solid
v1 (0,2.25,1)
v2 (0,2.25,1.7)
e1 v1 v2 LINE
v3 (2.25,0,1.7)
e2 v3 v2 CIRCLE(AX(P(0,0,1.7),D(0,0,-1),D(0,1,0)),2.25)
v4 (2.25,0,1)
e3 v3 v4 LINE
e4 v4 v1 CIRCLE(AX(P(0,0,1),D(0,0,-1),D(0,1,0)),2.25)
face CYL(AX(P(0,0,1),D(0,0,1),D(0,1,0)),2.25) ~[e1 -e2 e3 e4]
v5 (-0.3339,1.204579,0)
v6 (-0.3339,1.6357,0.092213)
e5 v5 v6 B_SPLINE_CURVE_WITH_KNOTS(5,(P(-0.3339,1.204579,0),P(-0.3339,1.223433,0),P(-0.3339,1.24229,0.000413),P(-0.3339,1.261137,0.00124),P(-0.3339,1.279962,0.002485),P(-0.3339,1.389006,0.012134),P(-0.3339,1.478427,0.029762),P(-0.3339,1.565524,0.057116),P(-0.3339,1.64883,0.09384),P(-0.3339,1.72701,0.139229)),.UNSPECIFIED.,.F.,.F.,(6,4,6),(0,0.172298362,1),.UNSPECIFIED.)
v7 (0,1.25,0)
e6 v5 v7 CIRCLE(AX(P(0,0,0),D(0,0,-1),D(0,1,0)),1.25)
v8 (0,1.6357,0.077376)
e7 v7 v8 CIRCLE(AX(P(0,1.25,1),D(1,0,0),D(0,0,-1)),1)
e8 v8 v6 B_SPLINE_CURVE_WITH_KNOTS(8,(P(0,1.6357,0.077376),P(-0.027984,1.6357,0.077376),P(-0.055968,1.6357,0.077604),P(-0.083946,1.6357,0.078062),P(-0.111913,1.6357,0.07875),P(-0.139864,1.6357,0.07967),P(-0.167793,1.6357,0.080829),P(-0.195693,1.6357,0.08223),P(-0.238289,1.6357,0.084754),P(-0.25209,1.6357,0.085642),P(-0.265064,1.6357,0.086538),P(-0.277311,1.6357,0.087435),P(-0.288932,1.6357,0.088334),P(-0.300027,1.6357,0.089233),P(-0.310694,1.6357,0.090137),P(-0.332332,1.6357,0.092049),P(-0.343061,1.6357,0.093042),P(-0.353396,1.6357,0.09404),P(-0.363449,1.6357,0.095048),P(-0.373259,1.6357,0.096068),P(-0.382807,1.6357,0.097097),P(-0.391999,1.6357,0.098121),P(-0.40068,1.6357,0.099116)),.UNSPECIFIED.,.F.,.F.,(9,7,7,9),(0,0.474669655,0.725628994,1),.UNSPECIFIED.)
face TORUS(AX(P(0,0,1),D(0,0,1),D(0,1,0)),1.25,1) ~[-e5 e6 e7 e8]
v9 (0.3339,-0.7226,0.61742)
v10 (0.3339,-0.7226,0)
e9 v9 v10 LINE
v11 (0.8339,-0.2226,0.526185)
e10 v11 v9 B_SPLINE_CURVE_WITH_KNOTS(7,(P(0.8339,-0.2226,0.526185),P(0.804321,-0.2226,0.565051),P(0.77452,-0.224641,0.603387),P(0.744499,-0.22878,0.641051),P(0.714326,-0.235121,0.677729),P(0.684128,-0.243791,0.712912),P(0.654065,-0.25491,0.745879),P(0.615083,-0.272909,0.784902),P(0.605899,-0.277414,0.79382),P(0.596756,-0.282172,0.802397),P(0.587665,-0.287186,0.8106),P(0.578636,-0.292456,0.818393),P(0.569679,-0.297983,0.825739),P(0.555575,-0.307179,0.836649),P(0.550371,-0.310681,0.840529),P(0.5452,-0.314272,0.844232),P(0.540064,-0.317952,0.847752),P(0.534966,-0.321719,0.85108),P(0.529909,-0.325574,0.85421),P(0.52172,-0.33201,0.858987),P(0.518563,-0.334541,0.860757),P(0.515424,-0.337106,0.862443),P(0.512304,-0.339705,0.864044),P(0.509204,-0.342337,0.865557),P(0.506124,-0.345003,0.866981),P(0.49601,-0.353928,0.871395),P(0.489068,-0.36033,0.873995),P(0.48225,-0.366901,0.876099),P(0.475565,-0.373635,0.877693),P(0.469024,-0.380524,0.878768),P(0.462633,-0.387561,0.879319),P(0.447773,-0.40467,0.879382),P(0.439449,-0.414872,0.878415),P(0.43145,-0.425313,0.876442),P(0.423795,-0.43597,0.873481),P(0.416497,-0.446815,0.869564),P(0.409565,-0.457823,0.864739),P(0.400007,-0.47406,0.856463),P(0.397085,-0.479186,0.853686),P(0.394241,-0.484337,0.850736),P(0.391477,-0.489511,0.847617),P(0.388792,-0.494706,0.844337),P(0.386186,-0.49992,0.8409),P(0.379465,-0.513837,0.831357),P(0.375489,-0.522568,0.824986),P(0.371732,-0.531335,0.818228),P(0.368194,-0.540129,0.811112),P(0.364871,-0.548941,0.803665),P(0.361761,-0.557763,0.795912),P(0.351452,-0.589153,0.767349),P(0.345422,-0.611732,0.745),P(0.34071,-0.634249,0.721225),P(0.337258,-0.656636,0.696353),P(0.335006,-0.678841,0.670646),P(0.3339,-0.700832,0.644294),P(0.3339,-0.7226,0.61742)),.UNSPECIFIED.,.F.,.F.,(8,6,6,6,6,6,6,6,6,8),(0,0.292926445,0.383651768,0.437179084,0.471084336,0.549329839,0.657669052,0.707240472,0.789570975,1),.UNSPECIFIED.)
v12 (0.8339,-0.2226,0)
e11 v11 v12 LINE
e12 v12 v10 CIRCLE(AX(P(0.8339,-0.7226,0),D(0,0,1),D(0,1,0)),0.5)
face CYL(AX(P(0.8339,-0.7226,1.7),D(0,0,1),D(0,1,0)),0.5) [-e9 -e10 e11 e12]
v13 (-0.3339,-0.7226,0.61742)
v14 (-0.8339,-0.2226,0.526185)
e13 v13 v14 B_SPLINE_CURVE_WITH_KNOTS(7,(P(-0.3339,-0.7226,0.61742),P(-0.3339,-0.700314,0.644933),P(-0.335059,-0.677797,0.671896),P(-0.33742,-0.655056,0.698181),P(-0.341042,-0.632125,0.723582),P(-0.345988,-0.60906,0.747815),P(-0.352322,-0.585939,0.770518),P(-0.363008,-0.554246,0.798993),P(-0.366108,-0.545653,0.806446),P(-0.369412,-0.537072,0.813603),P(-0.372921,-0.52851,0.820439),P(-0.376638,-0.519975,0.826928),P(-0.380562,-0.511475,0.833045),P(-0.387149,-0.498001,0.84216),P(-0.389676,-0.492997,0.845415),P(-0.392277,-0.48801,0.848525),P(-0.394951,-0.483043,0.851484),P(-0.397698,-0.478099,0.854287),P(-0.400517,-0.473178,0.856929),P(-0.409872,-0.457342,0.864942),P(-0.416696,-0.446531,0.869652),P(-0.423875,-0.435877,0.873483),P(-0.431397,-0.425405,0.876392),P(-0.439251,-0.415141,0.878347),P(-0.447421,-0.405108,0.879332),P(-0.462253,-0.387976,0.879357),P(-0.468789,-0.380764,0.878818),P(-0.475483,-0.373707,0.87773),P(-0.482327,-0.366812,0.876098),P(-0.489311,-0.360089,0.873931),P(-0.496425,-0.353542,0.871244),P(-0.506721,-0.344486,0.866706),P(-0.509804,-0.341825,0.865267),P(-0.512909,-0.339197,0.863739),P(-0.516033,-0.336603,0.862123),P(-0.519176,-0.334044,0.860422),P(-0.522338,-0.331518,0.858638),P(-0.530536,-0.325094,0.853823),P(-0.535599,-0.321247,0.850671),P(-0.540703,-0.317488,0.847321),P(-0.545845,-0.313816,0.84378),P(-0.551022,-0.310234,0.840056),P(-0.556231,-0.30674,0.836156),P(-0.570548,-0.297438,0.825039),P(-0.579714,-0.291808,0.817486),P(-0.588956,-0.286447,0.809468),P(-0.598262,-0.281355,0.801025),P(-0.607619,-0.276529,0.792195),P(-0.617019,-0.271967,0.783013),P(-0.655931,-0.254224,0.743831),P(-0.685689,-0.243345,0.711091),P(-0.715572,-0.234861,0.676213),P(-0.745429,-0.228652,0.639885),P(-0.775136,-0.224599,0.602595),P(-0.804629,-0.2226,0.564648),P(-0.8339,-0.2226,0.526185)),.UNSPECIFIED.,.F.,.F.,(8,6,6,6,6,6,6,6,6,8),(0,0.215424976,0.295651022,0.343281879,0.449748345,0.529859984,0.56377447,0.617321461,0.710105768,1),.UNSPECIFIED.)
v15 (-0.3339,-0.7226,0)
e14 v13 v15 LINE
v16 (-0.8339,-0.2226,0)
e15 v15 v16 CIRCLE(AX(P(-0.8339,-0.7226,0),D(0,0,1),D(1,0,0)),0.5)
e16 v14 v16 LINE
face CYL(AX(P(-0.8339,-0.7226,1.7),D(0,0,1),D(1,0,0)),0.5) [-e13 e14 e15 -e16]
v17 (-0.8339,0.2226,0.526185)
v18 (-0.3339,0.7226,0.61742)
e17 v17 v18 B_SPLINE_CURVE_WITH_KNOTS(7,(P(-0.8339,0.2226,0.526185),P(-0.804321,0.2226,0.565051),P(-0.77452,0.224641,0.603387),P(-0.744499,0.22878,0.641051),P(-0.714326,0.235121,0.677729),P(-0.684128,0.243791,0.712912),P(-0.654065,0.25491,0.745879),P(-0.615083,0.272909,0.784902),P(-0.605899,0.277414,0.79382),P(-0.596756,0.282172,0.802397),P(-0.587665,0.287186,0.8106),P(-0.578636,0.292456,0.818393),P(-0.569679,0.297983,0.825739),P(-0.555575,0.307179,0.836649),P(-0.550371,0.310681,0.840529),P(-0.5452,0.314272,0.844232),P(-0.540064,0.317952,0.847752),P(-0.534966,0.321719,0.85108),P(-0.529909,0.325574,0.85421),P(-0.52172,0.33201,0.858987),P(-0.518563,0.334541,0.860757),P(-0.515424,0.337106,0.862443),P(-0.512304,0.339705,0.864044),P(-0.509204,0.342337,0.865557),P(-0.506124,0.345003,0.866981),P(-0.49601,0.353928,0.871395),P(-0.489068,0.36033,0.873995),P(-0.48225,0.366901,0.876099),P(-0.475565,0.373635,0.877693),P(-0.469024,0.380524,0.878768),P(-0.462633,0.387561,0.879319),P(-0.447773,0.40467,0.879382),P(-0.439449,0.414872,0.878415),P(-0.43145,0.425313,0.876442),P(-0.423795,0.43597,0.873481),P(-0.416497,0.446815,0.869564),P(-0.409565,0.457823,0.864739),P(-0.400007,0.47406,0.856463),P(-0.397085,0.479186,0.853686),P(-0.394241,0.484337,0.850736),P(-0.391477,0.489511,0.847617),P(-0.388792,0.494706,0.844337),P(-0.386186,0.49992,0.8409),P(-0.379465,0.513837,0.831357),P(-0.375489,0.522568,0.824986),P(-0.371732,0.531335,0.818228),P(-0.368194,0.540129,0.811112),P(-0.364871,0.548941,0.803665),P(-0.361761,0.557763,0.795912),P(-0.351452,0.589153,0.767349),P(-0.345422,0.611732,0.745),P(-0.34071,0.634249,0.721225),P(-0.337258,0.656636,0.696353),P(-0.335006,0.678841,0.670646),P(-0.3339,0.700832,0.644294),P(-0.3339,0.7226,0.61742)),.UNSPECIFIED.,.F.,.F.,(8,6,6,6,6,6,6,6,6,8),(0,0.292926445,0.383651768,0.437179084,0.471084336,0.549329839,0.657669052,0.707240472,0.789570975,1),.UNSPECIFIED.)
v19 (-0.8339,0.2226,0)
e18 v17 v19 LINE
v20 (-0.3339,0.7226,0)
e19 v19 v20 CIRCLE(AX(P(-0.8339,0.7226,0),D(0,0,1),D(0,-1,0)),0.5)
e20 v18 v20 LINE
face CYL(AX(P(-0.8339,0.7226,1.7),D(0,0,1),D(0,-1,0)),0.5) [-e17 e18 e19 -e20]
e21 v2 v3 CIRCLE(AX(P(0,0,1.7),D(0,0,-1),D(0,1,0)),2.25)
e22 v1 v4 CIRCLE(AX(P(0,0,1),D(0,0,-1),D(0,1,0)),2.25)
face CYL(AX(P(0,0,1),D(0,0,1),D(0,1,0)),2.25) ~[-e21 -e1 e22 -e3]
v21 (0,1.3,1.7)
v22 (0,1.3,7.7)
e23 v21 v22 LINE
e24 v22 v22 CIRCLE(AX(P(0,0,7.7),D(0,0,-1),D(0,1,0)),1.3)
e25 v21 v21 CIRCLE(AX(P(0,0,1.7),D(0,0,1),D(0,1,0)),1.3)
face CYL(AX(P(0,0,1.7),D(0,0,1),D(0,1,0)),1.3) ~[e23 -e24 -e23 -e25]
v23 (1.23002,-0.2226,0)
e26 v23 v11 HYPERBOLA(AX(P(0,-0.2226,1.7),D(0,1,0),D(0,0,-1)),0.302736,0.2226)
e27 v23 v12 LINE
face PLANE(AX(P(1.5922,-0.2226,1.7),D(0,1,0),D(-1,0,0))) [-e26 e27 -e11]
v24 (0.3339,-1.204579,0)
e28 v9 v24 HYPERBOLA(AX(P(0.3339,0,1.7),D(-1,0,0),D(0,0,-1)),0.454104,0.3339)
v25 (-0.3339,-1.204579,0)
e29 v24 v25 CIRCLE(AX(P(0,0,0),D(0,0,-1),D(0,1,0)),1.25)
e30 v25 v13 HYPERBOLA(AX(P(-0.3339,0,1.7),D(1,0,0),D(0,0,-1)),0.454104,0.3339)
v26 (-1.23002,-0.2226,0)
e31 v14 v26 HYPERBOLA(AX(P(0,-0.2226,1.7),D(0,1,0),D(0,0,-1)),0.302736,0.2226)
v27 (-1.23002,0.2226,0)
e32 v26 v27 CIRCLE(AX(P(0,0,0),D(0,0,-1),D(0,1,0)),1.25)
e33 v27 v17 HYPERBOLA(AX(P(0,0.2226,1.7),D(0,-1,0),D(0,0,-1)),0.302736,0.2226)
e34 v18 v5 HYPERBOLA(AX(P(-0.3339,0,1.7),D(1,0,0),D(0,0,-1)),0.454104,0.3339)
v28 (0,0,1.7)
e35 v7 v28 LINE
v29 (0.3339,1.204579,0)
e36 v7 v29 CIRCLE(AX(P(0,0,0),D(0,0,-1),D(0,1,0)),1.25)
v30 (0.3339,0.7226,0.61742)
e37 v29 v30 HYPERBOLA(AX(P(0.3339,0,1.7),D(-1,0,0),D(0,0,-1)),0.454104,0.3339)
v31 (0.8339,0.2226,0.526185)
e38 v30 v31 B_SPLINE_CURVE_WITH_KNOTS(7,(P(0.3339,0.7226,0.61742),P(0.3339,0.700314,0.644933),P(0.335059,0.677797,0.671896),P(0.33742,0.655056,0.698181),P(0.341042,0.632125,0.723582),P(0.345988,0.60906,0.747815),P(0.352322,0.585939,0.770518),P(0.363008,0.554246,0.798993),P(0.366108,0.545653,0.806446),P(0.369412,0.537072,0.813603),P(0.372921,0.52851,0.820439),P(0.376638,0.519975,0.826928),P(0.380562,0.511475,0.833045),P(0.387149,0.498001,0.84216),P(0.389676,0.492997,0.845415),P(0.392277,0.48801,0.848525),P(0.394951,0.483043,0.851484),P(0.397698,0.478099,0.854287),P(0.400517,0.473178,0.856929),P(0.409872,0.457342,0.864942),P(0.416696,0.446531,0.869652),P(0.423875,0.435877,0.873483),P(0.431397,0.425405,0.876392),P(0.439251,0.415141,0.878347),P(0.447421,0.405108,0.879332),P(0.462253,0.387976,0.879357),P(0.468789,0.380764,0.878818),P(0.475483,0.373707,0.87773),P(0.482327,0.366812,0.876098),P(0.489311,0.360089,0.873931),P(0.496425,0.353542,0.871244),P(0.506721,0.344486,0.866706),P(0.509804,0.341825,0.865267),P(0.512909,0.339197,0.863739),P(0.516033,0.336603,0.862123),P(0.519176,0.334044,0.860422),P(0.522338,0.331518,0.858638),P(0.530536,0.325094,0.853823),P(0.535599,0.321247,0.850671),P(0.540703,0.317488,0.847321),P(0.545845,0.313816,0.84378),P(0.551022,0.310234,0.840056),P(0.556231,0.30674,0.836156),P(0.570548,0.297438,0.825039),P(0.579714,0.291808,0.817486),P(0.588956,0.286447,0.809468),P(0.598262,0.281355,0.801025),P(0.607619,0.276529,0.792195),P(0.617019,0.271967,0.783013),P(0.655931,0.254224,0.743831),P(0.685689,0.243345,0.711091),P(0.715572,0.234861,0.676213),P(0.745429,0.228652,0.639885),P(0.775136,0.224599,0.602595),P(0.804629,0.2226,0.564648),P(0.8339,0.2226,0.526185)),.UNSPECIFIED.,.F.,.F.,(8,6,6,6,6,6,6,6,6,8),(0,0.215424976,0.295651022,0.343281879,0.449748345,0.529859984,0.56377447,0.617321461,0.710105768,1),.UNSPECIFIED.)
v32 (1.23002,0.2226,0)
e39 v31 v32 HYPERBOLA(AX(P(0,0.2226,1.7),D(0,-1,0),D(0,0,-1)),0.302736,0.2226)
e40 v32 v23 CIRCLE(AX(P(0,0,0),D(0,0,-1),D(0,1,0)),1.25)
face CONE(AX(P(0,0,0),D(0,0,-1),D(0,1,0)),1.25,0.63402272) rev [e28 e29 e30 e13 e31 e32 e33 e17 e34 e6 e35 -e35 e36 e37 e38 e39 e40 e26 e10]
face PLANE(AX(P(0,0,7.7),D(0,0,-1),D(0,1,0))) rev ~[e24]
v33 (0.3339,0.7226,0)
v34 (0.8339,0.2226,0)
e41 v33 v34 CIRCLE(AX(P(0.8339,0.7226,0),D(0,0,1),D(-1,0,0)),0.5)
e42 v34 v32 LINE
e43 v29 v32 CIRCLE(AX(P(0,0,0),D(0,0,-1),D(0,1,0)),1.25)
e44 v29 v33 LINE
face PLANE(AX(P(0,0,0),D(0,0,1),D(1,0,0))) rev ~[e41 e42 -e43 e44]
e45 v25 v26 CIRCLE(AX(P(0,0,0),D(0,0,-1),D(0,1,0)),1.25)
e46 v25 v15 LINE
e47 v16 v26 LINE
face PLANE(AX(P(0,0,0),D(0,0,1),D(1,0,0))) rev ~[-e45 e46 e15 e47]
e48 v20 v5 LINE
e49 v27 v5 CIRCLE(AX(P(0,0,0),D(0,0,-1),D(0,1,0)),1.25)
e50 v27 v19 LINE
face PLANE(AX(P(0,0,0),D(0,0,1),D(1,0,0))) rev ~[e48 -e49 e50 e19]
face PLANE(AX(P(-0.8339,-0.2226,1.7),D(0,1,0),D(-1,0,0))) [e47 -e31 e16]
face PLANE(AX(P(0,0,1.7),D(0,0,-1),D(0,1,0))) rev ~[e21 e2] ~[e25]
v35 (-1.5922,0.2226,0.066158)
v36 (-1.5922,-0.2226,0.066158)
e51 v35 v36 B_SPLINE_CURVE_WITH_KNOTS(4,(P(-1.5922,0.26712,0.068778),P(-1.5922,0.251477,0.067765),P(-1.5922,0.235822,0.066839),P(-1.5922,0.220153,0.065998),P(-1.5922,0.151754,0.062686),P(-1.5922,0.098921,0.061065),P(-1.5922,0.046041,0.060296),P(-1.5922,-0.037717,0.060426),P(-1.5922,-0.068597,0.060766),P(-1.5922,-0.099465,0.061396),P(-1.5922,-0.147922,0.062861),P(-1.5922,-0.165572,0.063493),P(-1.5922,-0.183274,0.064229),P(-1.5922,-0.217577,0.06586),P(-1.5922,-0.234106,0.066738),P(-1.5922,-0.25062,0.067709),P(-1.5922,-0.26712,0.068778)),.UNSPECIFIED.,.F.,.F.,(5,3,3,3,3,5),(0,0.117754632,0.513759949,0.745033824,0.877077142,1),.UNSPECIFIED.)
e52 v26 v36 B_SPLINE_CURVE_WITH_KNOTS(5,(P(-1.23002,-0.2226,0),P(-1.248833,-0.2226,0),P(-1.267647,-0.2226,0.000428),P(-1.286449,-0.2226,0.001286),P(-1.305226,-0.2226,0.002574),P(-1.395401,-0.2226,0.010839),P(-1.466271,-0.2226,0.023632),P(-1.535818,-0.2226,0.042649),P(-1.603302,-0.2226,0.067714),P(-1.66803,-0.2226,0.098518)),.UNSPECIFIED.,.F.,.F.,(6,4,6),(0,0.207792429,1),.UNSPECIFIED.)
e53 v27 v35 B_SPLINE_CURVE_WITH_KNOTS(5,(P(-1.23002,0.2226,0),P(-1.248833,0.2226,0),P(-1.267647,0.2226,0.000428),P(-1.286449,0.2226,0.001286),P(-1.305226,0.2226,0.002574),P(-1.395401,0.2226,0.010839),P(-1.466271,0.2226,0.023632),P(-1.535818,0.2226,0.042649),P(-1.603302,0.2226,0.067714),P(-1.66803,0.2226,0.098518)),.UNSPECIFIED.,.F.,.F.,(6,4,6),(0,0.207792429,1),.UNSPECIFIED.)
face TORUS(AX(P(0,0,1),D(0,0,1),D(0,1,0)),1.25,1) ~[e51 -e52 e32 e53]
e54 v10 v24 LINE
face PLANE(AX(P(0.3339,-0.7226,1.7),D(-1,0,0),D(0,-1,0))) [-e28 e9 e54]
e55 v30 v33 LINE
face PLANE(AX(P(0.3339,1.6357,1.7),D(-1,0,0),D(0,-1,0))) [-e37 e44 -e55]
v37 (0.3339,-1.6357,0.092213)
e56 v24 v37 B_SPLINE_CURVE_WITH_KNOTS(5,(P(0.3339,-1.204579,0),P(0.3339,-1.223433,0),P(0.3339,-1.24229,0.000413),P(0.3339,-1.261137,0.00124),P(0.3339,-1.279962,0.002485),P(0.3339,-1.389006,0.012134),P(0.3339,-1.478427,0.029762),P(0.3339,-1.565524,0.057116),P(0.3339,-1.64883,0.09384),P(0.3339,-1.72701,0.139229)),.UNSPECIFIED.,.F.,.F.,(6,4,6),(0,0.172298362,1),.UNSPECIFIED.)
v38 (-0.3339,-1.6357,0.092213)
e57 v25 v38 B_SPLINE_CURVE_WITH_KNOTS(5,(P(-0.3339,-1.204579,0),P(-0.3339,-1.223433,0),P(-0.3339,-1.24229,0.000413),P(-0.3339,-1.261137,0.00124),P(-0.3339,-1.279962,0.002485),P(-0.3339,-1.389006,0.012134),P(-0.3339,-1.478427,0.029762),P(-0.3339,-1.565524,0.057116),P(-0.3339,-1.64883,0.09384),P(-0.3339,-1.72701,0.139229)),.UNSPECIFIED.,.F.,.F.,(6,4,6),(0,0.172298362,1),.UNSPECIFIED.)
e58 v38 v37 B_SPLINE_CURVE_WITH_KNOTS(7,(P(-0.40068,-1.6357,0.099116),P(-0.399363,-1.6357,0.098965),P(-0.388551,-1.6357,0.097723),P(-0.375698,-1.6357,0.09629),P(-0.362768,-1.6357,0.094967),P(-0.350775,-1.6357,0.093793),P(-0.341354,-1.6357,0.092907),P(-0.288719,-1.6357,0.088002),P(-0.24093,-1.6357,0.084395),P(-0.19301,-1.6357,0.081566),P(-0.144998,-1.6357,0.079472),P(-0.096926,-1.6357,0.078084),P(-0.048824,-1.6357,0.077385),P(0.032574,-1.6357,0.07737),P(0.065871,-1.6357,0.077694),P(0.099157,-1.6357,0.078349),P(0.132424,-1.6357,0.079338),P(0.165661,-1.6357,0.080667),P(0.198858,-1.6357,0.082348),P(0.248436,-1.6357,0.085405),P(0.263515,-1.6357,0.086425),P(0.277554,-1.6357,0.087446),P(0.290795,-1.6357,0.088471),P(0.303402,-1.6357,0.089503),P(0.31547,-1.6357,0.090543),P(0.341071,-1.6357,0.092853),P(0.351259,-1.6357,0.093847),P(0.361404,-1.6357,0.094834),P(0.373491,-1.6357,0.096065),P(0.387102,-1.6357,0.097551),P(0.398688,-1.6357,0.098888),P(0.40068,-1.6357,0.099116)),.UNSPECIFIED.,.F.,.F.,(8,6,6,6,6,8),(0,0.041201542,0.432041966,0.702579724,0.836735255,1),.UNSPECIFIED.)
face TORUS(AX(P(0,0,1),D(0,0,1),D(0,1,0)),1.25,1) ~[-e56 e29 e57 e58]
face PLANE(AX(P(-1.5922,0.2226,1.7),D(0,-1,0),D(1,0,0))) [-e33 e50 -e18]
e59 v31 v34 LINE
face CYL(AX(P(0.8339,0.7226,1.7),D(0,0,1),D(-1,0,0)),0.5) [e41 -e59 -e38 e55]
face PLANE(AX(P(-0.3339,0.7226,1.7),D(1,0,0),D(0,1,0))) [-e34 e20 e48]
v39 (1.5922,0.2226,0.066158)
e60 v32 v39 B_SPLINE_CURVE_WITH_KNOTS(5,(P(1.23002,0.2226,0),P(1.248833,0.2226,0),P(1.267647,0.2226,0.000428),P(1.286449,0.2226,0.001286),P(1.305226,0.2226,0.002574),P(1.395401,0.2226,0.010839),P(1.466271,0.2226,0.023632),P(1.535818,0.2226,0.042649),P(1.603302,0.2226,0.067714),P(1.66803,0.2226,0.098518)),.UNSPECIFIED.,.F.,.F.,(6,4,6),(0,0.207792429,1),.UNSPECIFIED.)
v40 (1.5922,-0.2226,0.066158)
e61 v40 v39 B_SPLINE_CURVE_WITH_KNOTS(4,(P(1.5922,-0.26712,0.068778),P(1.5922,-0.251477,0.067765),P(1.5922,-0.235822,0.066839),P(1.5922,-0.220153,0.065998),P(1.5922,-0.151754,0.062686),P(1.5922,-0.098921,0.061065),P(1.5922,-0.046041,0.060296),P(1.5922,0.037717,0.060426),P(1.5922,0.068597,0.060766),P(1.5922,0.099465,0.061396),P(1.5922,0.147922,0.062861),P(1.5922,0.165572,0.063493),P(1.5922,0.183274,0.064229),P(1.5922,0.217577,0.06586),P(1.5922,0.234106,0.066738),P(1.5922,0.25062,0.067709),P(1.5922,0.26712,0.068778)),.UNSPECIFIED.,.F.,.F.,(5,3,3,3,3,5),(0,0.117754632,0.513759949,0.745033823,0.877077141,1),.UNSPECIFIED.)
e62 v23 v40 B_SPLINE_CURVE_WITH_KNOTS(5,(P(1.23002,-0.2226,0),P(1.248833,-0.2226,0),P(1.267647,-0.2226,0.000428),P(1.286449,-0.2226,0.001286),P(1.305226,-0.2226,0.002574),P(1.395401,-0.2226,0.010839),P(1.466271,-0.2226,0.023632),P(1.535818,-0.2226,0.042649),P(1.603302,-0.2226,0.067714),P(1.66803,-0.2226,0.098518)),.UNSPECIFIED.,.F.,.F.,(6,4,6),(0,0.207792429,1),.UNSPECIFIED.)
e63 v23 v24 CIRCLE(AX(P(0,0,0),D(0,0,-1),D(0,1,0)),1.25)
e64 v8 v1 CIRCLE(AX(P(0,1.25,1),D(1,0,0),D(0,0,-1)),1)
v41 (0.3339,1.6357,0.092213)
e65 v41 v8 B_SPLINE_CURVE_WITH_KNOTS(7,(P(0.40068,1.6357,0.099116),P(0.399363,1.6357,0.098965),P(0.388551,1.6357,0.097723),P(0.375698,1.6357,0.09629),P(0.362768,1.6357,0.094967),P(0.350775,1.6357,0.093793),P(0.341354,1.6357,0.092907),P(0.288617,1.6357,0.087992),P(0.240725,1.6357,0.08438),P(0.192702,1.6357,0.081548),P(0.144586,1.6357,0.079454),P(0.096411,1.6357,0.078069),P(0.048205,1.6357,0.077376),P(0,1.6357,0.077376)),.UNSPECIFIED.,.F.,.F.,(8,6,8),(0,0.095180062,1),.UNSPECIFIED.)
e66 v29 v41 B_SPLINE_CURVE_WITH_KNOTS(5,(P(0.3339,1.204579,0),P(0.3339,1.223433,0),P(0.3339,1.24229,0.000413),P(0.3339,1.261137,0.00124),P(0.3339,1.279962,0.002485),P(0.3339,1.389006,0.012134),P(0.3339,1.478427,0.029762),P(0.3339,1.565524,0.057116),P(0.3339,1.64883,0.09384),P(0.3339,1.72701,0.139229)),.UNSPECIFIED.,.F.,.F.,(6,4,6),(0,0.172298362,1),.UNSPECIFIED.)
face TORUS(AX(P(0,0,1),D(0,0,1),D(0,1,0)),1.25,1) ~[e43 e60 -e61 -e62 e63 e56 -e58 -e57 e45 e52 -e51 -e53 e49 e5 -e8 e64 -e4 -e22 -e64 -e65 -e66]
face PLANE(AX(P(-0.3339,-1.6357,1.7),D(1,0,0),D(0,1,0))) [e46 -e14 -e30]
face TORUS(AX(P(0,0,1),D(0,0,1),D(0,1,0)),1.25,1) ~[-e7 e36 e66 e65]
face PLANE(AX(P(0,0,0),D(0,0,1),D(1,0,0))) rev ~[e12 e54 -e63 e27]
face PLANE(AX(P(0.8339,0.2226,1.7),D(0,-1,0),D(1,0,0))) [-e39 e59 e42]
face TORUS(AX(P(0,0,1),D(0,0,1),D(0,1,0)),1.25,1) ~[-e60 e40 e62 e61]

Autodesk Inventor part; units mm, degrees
ref_plane "YZ Plane" through (0, 0, 0) normal (1, 0, 0) x (0, 1, 0)
ref_plane "XZ Plane" through (0, 0, 0) normal (0, 1, 0) x (-1, 0, 0)
ref_plane "XY Plane" through (0, 0, 0) normal (0, 0, 1) x (1, 0, 0)
sketch "スケッチ1" plane through (0, 0, 0) normal (1, 0, 0) x (0, 1, 0)
  line L0 (0, 7.7) -> (0, 0)
  line L1 (0, 0) -> (1.25, 0)
  line L2 (2.25, 1) -> (2.25, 1.7)
  line L3 (2.25, 1.7) -> (1.3, 1.7)
  line L4 (1.3, 1.7) -> (1.3, 7.7)
  line L5 (1.3, 7.7) -> (0, 7.7)
  line L6 (1.25, 0) -> (0, 1.7)
  arc A0 (1.25, 0) -> (2.25, 1) centre (1.25, 1) ccw
  line L7 (1.25, 0) -> (2.25, 0)
  line L8 (2.25, 0) -> (2.25, 1)
  dimension "d2" = 1.7
  dimension "d10" = 6
  dimension "d11" = 2.6
  dimension "d12" = 4.5
  dimension "d14" = 1
revolve "回転1" add sketch "スケッチ1" angle 360 about axis through (0, 0, 7.7) along (0, 0, -1) contours L5 L4 L3 L2 A0 L6 L0
thread "ねじ1" size "M2.6x0.45" class "6g" standard "ANSI Metric M Profile" full length
sketch "スケッチ2" plane through (0, 0, 1.7) normal (0, 0, 1) x (1, 0, 0)
  line L0 (0.3339, -1.6357) -> (-0.3339, -1.6357)
  line L1 (-0.3339, -1.6357) -> (-0.3339, -0.7226)
  line L2 (-0.3339, 1.6357) -> (0.3339, 1.6357)
  line L3 (0.3339, 1.6357) -> (0.3339, 0.7226)
  line L4 (0.3339, -1.6357) -> (-0.3339, 1.6357) construction
  line L5 (-0.3339, -1.6357) -> (0.3339, 1.6357) construction
  line L6 (-1.5922, 0.2226) -> (-0.8339, 0.2226)
  line L7 (1.5922, 0.2226) -> (1.5922, -0.2226)
  line L8 (1.5922, -0.2226) -> (0.8339, -0.2226)
  line L9 (-1.5922, -0.2226) -> (-1.5922, 0.2226)
  line L10 (-1.5922, 0.2226) -> (1.5922, -0.2226) construction
  line L11 (1.5922, 0.2226) -> (-1.5922, -0.2226) construction
  circle A0 centre (0, 0) radius 2.25
  line L12 (0.3339, -0.7226) -> (0.3339, -1.6357)
  line L13 (0.8339, 0.2226) -> (1.5922, 0.2226)
  line L14 (-0.8339, -0.2226) -> (-1.5922, -0.2226)
  line L15 (-0.3339, 0.7226) -> (-0.3339, 1.6357)
  arc A1 (0.8339, -0.2226) -> (0.3339, -0.7226) centre (0.8339, -0.7226) ccw
  arc A2 (0.3339, 0.7226) -> (0.8339, 0.2226) centre (0.8339, 0.7226) ccw
  arc A3 (-0.8339, 0.2226) -> (-0.3339, 0.7226) centre (-0.8339, 0.7226) ccw
  arc A4 (-0.3339, -0.7226) -> (-0.8339, -0.2226) centre (-0.8339, -0.7226) ccw
  point P0 (0, 0)
  point P1 (-0.3339, -0.2226)
  point P2 (-0.3339, 0.2226)
  point P3 (0.3339, 0.2226)
  point P4 (0.3339, -0.2226)
  dimension "d18" = 0.5
extrude "押し出し2" add sketch "スケッチ2" against normal blind 1.7
revolve "回転2" cut sketch "スケッチ1" angle 360 about axis through (0, 0, 7.7) along (0, 0, -1) contours A0 L8 L7
properties part number "F-2606EB" material "チタン"
